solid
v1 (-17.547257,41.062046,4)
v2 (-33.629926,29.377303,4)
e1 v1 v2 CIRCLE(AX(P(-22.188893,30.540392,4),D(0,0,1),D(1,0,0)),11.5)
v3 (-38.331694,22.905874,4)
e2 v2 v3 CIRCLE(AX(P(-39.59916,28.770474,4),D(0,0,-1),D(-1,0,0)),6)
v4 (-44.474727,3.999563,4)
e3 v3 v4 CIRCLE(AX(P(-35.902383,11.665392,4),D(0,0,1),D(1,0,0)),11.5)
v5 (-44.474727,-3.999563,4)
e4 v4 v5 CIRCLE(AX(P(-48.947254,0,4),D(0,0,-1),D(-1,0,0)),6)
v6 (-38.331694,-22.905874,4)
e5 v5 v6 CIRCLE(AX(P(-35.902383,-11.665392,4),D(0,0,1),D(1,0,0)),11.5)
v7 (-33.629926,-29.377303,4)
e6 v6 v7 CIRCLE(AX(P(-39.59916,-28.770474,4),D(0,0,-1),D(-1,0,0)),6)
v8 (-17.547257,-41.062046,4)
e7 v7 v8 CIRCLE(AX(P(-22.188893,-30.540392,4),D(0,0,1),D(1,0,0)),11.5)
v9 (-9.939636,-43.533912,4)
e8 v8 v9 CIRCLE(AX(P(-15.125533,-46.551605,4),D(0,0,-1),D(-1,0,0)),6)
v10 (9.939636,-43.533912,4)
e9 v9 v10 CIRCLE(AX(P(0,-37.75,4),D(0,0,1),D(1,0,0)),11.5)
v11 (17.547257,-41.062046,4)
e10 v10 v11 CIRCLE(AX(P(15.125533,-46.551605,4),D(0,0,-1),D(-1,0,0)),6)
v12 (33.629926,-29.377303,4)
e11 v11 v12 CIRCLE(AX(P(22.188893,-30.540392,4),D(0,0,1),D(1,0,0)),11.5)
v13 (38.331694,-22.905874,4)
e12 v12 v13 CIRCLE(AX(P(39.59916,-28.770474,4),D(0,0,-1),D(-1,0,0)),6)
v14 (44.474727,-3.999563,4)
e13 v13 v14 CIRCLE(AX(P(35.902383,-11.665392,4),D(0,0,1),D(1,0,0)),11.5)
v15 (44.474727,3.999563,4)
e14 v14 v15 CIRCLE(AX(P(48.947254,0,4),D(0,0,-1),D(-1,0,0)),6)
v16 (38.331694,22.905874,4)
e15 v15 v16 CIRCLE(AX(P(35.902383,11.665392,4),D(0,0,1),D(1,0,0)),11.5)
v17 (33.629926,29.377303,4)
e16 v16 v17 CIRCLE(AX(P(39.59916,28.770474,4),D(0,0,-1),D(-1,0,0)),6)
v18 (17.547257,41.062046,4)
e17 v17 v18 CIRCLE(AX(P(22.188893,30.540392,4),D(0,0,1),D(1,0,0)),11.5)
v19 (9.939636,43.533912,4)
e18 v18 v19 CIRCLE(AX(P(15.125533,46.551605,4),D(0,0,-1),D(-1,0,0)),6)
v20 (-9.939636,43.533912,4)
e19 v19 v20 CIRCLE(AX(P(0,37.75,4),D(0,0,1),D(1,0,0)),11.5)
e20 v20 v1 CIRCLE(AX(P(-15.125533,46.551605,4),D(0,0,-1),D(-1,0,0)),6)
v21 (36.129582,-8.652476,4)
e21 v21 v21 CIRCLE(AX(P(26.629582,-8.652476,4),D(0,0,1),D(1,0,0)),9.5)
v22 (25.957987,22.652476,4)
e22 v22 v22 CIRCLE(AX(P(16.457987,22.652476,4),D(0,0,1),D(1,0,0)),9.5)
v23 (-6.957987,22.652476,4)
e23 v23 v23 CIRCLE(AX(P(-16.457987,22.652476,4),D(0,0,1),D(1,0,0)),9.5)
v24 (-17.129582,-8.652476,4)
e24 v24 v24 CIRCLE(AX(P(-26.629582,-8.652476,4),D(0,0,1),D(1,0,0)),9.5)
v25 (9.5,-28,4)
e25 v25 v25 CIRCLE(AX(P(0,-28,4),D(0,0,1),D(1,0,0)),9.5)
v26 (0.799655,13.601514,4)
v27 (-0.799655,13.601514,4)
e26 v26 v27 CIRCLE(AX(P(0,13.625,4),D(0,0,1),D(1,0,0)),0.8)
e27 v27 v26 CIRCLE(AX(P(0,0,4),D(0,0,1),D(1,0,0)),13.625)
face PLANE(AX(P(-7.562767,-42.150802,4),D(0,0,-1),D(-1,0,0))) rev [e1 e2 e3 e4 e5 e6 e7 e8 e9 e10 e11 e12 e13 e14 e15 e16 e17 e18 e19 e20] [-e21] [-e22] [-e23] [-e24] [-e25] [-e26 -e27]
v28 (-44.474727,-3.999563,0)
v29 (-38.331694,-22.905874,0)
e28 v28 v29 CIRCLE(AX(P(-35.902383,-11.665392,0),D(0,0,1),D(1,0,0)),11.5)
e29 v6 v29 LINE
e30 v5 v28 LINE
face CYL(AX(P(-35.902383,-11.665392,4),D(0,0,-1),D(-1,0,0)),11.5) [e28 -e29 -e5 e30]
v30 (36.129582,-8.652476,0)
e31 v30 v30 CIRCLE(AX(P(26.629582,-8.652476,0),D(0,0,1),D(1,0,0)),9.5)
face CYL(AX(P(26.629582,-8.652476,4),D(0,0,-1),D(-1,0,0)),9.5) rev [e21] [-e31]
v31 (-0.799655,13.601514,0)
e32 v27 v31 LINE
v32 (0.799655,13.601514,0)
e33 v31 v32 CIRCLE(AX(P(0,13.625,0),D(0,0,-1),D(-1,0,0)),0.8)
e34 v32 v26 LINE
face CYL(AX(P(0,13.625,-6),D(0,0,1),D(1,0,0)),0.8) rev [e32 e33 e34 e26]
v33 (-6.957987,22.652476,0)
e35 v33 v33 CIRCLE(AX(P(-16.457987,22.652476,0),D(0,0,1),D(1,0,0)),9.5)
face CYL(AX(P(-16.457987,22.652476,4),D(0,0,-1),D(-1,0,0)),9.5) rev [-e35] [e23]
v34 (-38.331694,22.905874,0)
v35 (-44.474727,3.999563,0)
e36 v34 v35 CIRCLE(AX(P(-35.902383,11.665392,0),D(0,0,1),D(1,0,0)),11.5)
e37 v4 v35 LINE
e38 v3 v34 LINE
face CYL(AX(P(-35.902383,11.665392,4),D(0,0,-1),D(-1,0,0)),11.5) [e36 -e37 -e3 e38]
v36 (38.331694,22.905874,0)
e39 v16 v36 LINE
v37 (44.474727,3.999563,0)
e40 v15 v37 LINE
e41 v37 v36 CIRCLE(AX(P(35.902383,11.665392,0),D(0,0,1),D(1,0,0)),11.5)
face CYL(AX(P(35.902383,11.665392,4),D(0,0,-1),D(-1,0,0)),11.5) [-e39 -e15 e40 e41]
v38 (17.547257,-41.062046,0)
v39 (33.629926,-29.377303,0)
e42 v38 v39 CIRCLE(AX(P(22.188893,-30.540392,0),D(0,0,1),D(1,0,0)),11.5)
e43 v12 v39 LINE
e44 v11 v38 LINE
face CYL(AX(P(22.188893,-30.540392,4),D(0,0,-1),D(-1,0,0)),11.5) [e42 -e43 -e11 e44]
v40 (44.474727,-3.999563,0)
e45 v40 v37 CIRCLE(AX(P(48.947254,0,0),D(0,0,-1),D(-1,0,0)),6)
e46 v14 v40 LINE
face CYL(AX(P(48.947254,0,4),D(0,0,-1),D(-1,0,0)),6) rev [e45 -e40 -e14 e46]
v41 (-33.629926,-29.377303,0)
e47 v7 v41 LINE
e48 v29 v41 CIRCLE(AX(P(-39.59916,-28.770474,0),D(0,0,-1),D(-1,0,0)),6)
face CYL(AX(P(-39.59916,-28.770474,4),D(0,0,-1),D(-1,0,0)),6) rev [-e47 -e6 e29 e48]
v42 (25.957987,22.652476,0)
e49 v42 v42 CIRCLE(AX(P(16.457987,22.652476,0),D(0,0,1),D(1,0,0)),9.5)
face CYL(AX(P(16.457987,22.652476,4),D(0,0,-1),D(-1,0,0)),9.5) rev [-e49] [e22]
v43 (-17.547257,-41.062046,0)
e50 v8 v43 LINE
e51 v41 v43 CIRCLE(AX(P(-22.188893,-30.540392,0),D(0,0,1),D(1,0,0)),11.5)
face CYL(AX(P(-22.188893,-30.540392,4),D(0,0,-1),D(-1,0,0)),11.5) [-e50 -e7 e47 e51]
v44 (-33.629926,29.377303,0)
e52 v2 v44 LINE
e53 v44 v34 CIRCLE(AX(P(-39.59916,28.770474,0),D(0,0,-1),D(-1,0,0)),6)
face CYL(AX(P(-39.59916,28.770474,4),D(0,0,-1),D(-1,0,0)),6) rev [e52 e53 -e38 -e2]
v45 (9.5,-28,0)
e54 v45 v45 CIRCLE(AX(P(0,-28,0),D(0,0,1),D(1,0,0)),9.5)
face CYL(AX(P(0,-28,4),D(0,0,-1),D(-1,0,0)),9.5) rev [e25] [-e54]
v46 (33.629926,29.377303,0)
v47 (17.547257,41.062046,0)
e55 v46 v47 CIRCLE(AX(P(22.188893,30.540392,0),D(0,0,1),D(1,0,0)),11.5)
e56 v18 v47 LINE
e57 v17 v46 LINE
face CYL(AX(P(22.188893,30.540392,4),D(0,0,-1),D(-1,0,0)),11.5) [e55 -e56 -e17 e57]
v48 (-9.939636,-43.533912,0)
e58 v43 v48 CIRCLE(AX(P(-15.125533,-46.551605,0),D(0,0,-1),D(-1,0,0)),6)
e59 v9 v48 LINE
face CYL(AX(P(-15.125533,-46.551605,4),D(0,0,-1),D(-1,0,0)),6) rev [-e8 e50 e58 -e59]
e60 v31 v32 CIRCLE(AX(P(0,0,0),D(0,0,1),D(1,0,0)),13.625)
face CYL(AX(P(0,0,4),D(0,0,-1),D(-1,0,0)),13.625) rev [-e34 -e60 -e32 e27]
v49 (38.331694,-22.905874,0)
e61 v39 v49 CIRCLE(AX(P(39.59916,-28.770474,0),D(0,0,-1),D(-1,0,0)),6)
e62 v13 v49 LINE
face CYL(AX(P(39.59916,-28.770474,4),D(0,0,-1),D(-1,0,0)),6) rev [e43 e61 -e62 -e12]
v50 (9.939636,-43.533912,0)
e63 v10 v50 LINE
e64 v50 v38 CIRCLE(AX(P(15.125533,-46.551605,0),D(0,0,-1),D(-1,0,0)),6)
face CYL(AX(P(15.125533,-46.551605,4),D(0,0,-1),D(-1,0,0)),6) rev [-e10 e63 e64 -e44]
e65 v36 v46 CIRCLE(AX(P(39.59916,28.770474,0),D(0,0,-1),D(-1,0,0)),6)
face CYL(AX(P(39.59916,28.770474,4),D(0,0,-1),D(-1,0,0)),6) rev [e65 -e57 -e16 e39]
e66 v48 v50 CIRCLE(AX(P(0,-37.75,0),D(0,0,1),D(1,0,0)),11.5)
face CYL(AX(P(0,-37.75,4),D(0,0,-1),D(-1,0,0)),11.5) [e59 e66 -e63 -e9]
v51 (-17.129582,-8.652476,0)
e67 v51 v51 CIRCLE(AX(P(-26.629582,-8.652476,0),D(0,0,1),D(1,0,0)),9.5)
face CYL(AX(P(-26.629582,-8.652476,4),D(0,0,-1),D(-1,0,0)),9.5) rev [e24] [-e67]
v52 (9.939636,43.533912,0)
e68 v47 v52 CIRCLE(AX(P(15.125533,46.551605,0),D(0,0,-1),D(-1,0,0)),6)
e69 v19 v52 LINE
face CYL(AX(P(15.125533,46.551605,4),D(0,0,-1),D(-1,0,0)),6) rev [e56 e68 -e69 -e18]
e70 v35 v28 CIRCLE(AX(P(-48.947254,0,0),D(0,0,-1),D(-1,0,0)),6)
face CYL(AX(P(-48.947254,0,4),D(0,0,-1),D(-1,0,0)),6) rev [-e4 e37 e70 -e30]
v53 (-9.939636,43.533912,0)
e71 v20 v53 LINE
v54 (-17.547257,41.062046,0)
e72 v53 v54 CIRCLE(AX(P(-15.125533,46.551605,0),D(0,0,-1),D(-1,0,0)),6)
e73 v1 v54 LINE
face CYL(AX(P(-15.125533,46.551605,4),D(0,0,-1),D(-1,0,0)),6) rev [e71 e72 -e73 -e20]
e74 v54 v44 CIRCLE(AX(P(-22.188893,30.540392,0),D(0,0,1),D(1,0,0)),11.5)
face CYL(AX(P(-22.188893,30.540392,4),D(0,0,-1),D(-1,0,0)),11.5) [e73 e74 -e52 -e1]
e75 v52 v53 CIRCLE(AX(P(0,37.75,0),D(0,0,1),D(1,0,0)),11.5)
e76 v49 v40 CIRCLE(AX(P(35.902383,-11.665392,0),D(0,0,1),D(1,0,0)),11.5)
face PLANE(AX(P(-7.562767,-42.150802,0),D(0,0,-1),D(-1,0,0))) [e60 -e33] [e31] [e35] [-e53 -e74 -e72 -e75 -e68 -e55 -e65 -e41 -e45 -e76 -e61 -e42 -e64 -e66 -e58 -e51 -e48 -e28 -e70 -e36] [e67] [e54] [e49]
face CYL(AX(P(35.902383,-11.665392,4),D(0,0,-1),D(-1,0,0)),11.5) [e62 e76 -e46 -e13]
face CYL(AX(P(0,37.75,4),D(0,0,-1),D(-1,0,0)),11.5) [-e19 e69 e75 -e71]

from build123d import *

# Parameters (mm, degrees)
SKETCH_1_R          = 13.625
SKETCH_1_R_2        = 9.5
EXTRUDE_1_DEPTH     = 4
SKETCH_2_R          = 0.8
CUT_EXTRUDE_1_DEPTH = 10


with BuildPart() as part:
    # 草图1 → 凸台-拉伸1 (new body)
    with BuildSketch(Plane.XY):
        with BuildLine():
            ThreePointArc((-9.939636128, -43.533911621), (0, -49.25), (9.939636128, -43.533911621))
            ThreePointArc((9.939636128, -43.533911621), (13.271431273, -40.845265542), (17.547256679, -41.062045862))
            ThreePointArc((17.547256679, -41.062045862), (28.948423675, -39.844086973), (33.629925771, -29.377302803))
            ThreePointArc((33.629925771, -29.377302803), (34.745058151, -25.243762385), (38.331693845, -22.905874232))
            ThreePointArc((38.331693845, -22.905874232), (46.839533428, -15.219086973), (44.474726808, -3.999562813))
            ThreePointArc((44.474726808, -3.999562813), (42.947253757, 0), (44.474726808, 3.999562813))
            ThreePointArc((44.474726808, 3.999562813), (46.839533428, 15.219086973), (38.331693845, 22.905874232))
            ThreePointArc((38.331693845, 22.905874232), (34.745058151, 25.243762385), (33.629925771, 29.377302803))
            ThreePointArc((33.629925771, 29.377302803), (28.948423675, 39.844086973), (17.547256679, 41.062045862))
            ThreePointArc((17.547256679, 41.062045862), (13.271431273, 40.845265542), (9.939636128, 43.533911621))
            ThreePointArc((9.939636128, 43.533911621), (0, 49.25), (-9.939636128, 43.533911621))
            ThreePointArc((-9.939636128, 43.533911621), (-13.271431273, 40.845265542), (-17.547256679, 41.062045862))
            ThreePointArc((-17.547256679, 41.062045862), (-28.948423675, 39.844086973), (-33.629925771, 29.377302803))
            ThreePointArc((-33.629925771, 29.377302803), (-34.745058151, 25.243762385), (-38.331693845, 22.905874232))
            ThreePointArc((-38.331693845, 22.905874232), (-46.839533428, 15.219086973), (-44.474726808, 3.999562813))
            ThreePointArc((-44.474726808, 3.999562813), (-42.947253757, 0), (-44.474726808, -3.999562813))
            ThreePointArc((-44.474726808, -3.999562813), (-46.839533428, -15.219086973), (-38.331693845, -22.905874232))
            ThreePointArc((-38.331693845, -22.905874232), (-34.745058151, -25.243762385), (-33.629925771, -29.377302803))
            ThreePointArc((-33.629925771, -29.377302803), (-28.948423675, -39.844086973), (-17.547256679, -41.062045862))
            ThreePointArc((-17.547256679, -41.062045862), (-13.271431273, -40.845265542), (-9.939636128, -43.533911621))
        make_face()
        Circle(SKETCH_1_R, mode=Mode.SUBTRACT)
        with Locations((0, -28)):
            Circle(SKETCH_1_R_2, mode=Mode.SUBTRACT)
        with Locations((-26.629582456, -8.652475842)):
            Circle(SKETCH_1_R_2, mode=Mode.SUBTRACT)
        with Locations((-16.457987064, 22.652475842)):
            Circle(SKETCH_1_R_2, mode=Mode.SUBTRACT)
        with Locations((16.457987064, 22.652475842)):
            Circle(SKETCH_1_R_2, mode=Mode.SUBTRACT)
        with Locations((26.629582456, -8.652475842)):
            Circle(SKETCH_1_R_2, mode=Mode.SUBTRACT)
    extrude(amount=EXTRUDE_1_DEPTH)

    # 草图2 → 切除-拉伸1 (cut)
    with BuildSketch(Plane.XY.offset(4)):
        with Locations((0, 13.625)):
            Circle(SKETCH_2_R)
    extrude(amount=-CUT_EXTRUDE_1_DEPTH, mode=Mode.SUBTRACT)


solid = part.part
